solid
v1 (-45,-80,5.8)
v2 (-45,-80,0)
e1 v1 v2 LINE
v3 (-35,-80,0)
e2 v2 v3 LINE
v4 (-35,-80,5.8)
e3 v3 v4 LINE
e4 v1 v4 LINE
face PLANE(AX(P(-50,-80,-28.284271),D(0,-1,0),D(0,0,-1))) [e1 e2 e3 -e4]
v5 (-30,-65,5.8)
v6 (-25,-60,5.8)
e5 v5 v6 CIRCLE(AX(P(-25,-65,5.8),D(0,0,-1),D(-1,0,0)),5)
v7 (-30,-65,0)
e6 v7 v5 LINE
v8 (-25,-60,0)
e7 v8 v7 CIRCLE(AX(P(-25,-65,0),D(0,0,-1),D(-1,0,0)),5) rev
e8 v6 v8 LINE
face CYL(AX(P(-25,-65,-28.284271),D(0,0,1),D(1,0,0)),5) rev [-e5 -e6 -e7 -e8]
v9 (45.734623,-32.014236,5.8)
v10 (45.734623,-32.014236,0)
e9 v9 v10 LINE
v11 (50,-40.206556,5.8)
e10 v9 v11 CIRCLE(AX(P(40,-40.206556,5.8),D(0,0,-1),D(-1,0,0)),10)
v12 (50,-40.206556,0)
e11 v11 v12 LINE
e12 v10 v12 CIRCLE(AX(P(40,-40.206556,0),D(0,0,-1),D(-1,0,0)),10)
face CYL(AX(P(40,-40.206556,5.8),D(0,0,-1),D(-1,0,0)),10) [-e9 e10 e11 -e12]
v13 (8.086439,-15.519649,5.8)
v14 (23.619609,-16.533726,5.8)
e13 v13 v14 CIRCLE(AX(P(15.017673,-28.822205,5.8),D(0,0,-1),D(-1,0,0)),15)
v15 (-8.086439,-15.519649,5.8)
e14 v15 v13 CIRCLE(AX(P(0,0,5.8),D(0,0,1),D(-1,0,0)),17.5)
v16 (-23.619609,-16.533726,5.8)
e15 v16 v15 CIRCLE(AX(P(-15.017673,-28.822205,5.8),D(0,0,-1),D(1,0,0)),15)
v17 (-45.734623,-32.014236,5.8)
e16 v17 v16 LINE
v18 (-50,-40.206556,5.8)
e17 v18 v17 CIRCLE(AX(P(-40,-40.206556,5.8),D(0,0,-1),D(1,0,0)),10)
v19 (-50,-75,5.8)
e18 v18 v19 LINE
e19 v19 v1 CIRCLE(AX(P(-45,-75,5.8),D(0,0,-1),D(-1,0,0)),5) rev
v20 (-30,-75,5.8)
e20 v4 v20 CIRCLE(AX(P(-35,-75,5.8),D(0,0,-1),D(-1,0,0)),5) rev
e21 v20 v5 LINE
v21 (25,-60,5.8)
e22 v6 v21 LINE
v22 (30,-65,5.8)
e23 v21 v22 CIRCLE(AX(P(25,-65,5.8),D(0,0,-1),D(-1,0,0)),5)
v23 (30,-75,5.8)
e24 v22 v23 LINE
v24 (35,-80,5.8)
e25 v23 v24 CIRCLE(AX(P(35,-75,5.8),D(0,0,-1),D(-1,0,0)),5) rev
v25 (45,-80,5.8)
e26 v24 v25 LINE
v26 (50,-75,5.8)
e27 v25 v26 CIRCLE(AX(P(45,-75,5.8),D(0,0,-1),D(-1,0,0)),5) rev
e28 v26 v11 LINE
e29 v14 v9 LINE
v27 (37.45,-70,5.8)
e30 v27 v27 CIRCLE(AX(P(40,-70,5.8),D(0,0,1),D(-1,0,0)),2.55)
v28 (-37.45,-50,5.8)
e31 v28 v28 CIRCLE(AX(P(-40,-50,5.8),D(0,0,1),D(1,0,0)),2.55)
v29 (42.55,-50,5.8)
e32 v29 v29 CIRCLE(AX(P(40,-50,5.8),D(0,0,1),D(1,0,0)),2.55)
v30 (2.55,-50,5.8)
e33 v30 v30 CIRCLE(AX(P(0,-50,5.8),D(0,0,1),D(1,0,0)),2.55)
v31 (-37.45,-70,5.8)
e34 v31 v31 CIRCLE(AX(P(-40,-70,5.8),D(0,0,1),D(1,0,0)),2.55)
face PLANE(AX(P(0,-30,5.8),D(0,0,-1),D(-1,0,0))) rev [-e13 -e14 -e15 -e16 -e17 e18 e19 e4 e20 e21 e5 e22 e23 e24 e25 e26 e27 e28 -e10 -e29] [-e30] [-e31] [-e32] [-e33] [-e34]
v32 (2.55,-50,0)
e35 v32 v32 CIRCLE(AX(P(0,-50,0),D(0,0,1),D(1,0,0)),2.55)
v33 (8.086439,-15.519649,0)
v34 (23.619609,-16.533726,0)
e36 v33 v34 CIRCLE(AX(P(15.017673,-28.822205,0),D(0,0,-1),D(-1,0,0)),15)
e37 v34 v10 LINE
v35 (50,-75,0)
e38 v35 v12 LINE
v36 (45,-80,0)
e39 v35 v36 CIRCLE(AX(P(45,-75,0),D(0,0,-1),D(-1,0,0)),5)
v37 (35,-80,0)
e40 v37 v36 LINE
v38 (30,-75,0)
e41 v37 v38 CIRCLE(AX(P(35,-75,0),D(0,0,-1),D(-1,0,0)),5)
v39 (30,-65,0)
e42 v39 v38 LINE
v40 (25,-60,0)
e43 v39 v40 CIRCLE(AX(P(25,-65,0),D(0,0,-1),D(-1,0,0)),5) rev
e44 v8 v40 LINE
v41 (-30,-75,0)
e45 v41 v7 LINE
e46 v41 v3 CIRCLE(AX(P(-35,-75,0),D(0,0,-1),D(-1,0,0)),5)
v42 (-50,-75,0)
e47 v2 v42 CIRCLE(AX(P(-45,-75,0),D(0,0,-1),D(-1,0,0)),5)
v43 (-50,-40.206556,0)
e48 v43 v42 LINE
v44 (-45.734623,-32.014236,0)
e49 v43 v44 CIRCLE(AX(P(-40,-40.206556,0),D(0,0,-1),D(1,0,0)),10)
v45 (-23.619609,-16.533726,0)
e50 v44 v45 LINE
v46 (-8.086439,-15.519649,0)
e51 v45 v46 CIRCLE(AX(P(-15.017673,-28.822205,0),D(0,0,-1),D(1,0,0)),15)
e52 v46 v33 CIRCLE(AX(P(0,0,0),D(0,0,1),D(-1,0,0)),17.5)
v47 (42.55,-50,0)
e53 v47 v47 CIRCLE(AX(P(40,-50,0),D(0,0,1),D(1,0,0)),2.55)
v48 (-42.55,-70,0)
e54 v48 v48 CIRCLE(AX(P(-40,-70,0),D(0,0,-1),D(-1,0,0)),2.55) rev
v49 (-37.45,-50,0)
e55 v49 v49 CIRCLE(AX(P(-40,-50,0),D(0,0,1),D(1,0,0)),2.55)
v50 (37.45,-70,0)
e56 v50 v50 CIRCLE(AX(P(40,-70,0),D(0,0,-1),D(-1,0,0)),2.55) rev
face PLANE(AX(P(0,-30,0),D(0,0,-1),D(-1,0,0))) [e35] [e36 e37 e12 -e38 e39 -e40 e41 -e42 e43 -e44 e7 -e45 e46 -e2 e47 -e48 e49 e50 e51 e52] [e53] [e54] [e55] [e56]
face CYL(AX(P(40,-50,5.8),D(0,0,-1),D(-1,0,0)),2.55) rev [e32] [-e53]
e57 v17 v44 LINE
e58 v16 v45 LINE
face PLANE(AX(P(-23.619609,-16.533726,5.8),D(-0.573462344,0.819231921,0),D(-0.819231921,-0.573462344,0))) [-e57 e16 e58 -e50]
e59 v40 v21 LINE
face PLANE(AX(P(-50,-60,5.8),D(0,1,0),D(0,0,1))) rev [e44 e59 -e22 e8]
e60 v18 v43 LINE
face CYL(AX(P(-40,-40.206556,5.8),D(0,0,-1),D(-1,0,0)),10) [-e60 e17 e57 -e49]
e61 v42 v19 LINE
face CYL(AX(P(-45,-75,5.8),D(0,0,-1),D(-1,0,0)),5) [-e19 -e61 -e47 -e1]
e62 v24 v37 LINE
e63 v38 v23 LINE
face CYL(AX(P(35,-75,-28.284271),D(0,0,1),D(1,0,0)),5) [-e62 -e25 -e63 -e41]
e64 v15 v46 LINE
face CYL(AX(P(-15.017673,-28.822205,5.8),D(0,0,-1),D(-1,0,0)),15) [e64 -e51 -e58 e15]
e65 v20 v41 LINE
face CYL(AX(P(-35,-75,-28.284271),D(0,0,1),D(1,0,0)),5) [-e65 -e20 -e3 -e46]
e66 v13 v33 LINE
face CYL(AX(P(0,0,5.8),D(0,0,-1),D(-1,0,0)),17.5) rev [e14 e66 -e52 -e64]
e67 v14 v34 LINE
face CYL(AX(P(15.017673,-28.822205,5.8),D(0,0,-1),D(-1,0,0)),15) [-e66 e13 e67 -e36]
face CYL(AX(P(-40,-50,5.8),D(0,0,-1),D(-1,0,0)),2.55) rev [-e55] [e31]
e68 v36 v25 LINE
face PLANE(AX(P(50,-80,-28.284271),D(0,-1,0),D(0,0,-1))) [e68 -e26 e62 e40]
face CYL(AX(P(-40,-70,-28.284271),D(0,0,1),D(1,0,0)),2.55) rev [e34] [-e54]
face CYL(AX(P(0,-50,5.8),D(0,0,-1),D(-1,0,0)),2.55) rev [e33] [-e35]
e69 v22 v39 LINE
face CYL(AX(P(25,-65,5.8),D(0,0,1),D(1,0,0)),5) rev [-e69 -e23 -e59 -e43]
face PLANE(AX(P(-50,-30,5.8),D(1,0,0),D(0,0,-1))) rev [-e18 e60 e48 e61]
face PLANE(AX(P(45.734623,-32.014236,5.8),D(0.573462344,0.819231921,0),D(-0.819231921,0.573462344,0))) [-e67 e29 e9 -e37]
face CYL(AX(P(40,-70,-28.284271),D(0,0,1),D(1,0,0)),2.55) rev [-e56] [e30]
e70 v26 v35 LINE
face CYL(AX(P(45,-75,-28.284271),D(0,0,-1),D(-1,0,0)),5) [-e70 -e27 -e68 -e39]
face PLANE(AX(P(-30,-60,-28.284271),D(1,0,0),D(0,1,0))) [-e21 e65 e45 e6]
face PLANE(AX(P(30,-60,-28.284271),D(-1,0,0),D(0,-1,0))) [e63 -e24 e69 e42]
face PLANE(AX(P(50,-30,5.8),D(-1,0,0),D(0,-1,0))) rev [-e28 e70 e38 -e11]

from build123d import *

# Parameters (mm, degrees)
SKETCH_1_R          = 7.5
SKETCH_1_R_2        = 2.55
EXTRUDE_1_DEPTH     = 5.8
SKETCH_2_W          = 20
SKETCH_2_H          = 20
SKETCH_2_R          = 2.55
EXTRUDE_2_DEPTH     = 5.8
FILLET_1_R          = 5
SKETCH_3_OUTSIDE_W  = 130.308
SKETCH_3_OUTSIDE_H  = 130.308
CUT_EXTRUDE_1_DEPTH = 95.517934806


with BuildPart() as part:
    # ｽｹｯﾁ1 → ﾎﾞｽ - 押し出し1 (new body)
    with BuildSketch(Plane.XY):
        with BuildLine():
            Line((-50, -60), (50, -60))
            Line((50, -60), (50, -30))
            ThreePointArc((50, -30), (0, 20), (-50, -30))
            Line((-50, -30), (-50, -60))
        make_face()
        Circle(SKETCH_1_R, mode=Mode.SUBTRACT)
        with Locations((-40, -50)):
            Circle(SKETCH_1_R_2, mode=Mode.SUBTRACT)
        with Locations((0, -50)):
            Circle(SKETCH_1_R_2, mode=Mode.SUBTRACT)
        with Locations((40, -50)):
            Circle(SKETCH_1_R_2, mode=Mode.SUBTRACT)
    extrude(amount=EXTRUDE_1_DEPTH)

    # ｽｹｯﾁ2 → ﾎﾞｽ - 押し出し2 (add)
    # profile 1 of 2: a face of its own
    with BuildSketch(Plane.XY.offset(5.8)):
        with Locations((-40, -70)):
            Rectangle(SKETCH_2_W, SKETCH_2_H)
        with Locations((-40, -70)):
            Circle(SKETCH_2_R, mode=Mode.SUBTRACT)
    # profile 2 of 2: a face of its own
    with BuildSketch(Plane.XY.offset(5.8)):
        with Locations((40, -70)):
            Rectangle(SKETCH_2_W, SKETCH_2_H)
        with Locations(Location((40, -70, 0), (0, 0, 180))):
            Circle(SKETCH_2_R, mode=Mode.SUBTRACT)
    extrude(amount=-EXTRUDE_2_DEPTH)

    # ﾌｨﾚｯﾄ1
    fillet_1_edges = [part.edges().sort_by_distance(p)[0] for p in [
        (-50, -80, 2.9),
        (-30, -60, 2.9),
        (-30, -80, 2.9),
        (30, -60, 2.9),
        (50, -80, 2.9),
        (30, -80, 2.9),
    ]]
    fillet(fillet_1_edges, radius=FILLET_1_R)

    # ｽｹｯﾁ3 outside → ｶｯﾄ - 押し出し1 (cut, through all)
    with BuildSketch(Plane(origin=(0, 0, 0), x_dir=(-1, 0, 0), z_dir=(0, 0, -1))):
        with Locations((0, -30)):
            Rectangle(SKETCH_3_OUTSIDE_W, SKETCH_3_OUTSIDE_H)
        with BuildLine():
            Line((-45.734623444, -32.014236411), (-23.619608507, -16.533725955))
            ThreePointArc((-23.619608507, -16.533725955), (-15.994862618, -13.854068569), (-8.086439492, -15.519648718))
            ThreePointArc((-8.086439492, -15.519648718), (0, -17.5), (8.086439492, -15.519648718))
            ThreePointArc((8.086439492, -15.519648718), (15.994862618, -13.854068569), (23.619608507, -16.533725955))
            Line((23.619608507, -16.533725955), (45.734623444, -32.014236411))
            ThreePointArc((45.734623444, -32.014236411), (48.869786763, -35.588451808), (50, -40.206555616))
            Line((50, -40.206555616), (50, -75))
            ThreePointArc((50, -75), (48.535533906, -78.535533906), (45, -80))
            Line((45, -80), (35, -80))
            ThreePointArc((35, -80), (31.464466094, -78.535533906), (30, -75))
            Line((30, -75), (30, -65))
            ThreePointArc((30, -65), (28.535533906, -61.464466094), (25, -60))
            Line((25, -60), (-25, -60))
            ThreePointArc((-25, -60), (-28.535533906, -61.464466094), (-30, -65))
            Line((-30, -65), (-30, -75))
            ThreePointArc((-30, -75), (-31.464466094, -78.535533906), (-35, -80))
            Line((-35, -80), (-45, -80))
            ThreePointArc((-45, -80), (-48.535533906, -78.535533906), (-50, -75))
            Line((-50, -75), (-50, -40.206555616))
            ThreePointArc((-50, -40.206555616), (-48.869786763, -35.588451808), (-45.734623444, -32.014236411))
        make_face(mode=Mode.SUBTRACT)
    extrude(amount=-CUT_EXTRUDE_1_DEPTH, mode=Mode.SUBTRACT)


solid = part.part
